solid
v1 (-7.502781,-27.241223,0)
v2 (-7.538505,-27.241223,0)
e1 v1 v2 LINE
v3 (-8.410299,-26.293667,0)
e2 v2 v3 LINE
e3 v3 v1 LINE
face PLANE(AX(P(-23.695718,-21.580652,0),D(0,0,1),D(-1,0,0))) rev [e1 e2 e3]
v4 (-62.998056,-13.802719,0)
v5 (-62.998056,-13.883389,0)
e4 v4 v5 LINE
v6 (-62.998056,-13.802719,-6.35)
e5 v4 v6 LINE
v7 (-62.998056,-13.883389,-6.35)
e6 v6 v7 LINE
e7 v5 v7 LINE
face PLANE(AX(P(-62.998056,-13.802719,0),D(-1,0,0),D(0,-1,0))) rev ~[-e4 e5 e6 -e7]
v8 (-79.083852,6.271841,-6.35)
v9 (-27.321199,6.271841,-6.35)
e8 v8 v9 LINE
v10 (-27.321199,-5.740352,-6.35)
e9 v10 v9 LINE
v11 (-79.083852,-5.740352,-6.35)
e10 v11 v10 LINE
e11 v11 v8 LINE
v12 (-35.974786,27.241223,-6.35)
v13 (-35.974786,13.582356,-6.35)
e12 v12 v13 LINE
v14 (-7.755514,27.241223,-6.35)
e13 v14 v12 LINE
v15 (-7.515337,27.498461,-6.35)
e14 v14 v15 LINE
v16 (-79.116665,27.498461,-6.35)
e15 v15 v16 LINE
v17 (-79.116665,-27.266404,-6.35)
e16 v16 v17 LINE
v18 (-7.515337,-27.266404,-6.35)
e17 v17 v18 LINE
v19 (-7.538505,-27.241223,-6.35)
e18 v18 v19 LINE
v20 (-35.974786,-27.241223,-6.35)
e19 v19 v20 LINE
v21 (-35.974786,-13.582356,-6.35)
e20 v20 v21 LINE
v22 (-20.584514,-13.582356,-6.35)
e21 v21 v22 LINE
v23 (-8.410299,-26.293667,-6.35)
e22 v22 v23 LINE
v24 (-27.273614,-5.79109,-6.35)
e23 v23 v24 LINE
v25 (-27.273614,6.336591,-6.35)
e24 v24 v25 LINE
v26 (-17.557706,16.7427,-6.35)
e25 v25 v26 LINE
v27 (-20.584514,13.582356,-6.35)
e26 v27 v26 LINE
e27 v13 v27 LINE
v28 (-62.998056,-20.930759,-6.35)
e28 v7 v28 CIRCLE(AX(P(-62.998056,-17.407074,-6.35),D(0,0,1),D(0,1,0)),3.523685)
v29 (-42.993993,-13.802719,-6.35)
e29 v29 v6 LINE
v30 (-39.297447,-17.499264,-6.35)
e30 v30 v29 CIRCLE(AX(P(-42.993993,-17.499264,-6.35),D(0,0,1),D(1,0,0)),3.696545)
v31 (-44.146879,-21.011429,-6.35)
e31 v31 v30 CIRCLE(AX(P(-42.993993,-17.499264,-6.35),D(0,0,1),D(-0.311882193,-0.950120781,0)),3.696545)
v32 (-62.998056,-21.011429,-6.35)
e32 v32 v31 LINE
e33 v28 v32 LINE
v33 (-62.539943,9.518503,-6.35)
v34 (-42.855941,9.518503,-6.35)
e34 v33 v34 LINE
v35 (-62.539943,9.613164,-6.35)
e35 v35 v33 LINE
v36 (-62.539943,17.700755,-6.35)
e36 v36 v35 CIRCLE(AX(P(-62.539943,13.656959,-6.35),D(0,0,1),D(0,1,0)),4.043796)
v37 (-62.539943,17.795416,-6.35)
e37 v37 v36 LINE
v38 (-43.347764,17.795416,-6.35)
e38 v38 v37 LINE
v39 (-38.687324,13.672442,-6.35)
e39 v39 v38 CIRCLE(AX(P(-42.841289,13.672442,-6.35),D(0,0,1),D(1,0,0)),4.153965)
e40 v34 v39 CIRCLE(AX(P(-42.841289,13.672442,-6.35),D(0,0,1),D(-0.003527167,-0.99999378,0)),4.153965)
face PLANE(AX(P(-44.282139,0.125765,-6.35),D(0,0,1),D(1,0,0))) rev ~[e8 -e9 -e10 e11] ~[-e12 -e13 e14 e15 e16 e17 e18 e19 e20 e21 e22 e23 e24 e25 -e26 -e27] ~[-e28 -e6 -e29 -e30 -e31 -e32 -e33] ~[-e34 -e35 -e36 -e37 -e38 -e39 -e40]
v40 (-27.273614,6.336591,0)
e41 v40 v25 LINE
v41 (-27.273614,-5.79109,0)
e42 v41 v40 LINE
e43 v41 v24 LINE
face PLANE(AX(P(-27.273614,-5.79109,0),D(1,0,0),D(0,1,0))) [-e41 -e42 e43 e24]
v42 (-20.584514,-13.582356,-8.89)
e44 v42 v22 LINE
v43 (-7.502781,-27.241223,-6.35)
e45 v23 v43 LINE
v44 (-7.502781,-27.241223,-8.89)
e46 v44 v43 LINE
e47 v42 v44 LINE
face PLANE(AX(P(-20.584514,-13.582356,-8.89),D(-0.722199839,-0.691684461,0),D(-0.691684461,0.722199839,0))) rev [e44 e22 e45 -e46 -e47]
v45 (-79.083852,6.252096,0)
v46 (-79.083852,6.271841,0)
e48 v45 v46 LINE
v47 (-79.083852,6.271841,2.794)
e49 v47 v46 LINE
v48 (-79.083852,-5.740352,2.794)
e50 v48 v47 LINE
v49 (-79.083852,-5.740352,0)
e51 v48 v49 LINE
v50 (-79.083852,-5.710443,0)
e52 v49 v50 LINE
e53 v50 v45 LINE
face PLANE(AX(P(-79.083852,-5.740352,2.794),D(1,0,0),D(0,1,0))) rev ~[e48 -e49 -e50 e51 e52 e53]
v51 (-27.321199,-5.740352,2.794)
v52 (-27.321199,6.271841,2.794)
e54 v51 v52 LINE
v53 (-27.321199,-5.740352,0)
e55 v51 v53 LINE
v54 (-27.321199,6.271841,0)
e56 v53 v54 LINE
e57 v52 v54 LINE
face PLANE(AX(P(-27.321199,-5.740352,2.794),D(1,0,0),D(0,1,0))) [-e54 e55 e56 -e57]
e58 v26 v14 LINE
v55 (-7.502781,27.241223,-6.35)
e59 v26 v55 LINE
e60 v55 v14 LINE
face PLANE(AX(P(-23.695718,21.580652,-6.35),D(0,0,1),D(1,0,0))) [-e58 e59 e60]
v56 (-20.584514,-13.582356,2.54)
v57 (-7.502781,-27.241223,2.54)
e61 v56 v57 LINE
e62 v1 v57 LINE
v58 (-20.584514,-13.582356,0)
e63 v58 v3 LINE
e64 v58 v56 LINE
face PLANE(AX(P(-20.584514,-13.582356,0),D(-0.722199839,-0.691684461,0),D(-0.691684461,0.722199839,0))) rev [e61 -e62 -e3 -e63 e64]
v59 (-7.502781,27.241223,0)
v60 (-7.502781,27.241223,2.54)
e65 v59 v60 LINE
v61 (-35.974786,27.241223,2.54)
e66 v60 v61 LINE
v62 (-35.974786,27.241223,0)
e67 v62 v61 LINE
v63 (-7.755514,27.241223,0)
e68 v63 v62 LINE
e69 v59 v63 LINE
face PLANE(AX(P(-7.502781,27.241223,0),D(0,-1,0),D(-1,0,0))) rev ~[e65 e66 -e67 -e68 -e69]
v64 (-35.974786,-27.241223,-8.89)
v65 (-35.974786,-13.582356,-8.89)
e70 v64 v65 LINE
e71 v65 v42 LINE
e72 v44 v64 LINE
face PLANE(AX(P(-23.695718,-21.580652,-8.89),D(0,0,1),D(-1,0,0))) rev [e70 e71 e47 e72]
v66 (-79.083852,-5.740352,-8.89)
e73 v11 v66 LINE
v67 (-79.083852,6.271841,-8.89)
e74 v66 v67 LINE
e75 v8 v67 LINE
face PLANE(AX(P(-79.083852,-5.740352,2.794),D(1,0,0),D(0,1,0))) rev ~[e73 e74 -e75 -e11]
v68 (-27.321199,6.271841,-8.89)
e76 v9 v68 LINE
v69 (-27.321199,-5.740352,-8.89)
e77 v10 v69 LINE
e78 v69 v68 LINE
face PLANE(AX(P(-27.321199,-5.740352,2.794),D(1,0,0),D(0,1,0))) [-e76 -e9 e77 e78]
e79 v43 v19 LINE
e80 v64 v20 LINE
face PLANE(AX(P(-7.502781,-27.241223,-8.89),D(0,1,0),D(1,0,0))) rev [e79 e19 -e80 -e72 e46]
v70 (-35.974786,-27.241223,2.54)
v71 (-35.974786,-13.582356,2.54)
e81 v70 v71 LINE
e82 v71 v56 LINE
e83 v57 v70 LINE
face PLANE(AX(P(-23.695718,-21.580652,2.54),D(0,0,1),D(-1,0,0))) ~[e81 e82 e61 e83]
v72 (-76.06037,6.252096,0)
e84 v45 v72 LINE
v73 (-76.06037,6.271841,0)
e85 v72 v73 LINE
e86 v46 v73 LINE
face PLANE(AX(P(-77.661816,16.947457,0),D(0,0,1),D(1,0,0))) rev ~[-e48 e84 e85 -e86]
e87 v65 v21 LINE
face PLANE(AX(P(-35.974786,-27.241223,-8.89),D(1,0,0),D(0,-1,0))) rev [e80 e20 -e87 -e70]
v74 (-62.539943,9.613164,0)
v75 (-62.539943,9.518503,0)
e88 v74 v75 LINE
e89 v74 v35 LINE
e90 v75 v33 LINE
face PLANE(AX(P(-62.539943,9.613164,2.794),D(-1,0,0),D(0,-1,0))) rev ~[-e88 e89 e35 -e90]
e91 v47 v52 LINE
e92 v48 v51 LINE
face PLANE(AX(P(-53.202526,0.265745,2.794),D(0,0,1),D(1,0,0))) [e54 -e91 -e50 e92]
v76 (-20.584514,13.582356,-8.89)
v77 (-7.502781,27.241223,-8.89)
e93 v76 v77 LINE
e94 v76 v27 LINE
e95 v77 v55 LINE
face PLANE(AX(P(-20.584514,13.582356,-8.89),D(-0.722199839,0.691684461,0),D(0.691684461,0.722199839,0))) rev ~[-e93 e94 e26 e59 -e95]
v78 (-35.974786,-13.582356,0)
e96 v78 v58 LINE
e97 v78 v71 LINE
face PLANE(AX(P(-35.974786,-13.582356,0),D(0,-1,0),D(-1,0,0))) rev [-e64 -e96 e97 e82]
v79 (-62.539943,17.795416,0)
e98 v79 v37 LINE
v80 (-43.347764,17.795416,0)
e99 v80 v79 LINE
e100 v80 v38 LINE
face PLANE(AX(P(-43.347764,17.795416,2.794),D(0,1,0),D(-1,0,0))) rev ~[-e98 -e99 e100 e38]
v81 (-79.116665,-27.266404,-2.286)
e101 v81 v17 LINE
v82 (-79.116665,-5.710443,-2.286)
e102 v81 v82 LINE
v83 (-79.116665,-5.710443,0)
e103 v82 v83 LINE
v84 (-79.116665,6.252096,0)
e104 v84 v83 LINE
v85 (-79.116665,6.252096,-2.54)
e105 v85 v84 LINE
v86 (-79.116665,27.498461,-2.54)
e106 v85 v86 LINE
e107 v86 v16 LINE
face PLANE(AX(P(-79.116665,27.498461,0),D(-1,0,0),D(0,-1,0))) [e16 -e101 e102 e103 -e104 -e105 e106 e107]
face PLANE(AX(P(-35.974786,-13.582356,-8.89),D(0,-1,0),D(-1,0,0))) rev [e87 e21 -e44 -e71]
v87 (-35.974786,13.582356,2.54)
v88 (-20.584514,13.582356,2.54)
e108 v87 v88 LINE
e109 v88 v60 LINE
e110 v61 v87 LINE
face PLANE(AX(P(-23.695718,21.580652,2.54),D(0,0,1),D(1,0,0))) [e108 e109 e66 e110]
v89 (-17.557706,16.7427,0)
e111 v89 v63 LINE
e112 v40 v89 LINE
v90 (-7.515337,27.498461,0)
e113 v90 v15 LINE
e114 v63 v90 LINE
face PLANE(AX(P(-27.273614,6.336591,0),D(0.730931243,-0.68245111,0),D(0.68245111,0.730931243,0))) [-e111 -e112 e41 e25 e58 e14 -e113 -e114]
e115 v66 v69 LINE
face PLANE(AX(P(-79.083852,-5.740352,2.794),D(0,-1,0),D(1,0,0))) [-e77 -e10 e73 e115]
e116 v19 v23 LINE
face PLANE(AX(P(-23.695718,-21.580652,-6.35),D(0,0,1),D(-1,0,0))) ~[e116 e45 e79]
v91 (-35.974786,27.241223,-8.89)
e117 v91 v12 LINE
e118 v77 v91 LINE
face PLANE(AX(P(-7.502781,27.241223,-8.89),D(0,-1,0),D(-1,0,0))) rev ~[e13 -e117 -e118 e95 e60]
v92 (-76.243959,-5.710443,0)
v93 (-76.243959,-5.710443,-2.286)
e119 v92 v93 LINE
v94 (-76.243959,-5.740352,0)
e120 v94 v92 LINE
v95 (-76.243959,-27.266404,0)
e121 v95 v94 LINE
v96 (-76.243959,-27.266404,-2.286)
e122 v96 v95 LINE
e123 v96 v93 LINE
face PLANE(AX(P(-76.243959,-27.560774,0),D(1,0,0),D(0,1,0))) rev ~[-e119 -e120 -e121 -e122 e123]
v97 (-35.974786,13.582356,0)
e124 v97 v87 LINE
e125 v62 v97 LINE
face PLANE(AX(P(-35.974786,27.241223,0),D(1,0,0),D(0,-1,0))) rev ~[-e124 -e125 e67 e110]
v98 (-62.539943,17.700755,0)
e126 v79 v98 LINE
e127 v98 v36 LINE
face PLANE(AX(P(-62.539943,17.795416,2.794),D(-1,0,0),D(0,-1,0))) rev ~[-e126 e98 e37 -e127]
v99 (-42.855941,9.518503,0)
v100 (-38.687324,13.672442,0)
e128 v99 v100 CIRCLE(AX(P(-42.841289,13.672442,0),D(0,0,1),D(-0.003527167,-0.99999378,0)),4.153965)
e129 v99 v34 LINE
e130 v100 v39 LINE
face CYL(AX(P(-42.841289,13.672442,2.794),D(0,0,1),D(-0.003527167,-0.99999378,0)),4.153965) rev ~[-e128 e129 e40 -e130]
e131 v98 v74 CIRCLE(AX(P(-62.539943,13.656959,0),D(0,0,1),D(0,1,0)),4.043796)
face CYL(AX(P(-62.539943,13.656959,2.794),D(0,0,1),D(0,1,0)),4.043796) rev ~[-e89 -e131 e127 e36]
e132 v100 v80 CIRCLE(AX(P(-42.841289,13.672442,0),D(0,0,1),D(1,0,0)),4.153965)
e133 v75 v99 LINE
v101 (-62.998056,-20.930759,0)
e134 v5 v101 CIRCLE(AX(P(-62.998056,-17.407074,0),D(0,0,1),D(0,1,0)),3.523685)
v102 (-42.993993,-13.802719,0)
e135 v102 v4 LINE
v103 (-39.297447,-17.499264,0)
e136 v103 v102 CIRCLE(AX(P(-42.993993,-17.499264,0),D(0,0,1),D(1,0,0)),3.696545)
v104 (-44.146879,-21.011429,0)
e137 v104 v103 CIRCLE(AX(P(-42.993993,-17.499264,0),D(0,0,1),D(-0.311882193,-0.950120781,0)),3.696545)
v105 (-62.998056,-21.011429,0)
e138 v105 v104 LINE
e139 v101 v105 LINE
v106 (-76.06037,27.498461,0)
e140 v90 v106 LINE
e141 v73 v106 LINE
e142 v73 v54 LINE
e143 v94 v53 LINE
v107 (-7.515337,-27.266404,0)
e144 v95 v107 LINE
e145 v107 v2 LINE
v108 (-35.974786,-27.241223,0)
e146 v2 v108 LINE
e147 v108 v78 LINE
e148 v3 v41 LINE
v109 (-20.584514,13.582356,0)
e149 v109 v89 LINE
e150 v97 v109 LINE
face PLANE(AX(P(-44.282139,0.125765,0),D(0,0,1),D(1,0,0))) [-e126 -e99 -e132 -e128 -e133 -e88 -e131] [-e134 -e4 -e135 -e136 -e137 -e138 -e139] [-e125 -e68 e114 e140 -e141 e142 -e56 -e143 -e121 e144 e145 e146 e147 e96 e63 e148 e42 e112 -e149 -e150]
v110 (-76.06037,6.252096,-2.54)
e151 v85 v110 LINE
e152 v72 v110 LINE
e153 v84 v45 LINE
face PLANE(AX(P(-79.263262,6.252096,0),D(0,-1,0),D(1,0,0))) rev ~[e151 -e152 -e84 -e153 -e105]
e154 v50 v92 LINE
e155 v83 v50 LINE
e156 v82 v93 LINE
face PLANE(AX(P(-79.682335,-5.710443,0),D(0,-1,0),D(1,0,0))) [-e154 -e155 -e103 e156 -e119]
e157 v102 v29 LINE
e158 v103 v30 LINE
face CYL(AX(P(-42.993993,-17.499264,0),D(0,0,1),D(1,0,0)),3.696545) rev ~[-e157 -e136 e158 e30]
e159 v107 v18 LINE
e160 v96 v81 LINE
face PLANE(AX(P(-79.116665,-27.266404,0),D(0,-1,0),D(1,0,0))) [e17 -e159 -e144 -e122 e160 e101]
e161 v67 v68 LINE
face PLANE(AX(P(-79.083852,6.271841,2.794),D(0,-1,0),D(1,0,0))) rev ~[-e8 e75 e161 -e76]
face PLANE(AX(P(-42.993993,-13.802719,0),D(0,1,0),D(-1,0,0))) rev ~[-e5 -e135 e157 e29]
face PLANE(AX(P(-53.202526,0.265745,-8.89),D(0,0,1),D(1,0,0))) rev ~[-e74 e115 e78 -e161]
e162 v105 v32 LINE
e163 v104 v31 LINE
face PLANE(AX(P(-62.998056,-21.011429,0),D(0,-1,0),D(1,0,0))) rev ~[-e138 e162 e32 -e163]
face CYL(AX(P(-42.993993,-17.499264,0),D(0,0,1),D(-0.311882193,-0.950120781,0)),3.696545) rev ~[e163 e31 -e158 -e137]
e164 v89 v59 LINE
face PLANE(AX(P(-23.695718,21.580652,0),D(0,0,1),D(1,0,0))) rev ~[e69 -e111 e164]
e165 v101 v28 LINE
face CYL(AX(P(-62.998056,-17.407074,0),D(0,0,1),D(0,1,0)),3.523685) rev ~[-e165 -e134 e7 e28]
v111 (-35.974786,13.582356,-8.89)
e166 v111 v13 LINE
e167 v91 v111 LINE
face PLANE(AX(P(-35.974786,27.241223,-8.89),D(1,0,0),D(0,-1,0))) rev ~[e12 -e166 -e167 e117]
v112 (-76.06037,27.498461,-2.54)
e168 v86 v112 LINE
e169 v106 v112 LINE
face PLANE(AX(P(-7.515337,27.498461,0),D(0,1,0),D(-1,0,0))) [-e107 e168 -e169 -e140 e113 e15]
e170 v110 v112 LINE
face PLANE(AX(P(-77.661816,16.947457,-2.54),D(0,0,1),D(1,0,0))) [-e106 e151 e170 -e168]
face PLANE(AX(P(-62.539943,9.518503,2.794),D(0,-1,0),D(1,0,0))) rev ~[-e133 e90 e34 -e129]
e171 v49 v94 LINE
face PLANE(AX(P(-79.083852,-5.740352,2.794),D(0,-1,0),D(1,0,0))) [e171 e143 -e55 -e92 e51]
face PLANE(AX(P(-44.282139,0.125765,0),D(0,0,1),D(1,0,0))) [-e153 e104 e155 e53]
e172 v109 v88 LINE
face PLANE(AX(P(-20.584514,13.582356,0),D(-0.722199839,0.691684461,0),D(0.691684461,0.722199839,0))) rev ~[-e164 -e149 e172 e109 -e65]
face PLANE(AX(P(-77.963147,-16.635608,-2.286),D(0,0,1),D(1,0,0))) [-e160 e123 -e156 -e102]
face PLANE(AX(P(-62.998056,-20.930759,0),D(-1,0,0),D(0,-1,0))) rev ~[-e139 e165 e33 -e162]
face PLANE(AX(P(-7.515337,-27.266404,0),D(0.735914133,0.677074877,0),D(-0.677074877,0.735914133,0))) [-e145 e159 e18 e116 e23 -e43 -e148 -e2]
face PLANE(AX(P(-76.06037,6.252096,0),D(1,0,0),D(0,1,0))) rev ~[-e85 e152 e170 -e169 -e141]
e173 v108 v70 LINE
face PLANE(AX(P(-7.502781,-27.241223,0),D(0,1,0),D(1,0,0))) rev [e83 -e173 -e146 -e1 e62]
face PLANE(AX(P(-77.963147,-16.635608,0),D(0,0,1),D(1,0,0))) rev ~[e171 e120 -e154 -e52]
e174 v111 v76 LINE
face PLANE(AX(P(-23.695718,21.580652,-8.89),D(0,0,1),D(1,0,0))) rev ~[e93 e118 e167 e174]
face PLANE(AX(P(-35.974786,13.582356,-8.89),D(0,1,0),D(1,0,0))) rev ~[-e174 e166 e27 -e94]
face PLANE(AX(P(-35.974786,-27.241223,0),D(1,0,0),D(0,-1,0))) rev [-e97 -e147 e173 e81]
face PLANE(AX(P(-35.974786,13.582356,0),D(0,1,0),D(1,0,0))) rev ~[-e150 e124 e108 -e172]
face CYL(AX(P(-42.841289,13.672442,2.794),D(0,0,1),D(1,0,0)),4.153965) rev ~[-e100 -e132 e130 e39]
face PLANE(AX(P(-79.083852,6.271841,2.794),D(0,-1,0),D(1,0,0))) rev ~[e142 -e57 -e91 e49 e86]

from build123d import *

# Parameters (mm, degrees)
F1_DEPTH  = 2.54
F4_DEPTH  = 6.35
F8_W      = 51.7626535147
F8_H      = 12.0121920481
F9_DEPTH  = 11.684
F10_W     = 3.2028928399
F10_H     = 21.3907221332
F11_DEPTH = 2.54
F12_W     = 3.4383758903
F12_H     = 21.8503316864
F13_DEPTH = 2.286
F15_DEPTH = 25.4
F17_DEPTH = 25.4


with BuildPart() as f1:
    # F0 (on Top) → F1 (new body)
    with BuildSketch(Plane.XY):
        Polygon((-7.5027812272, 27.2412225604), (-35.9747856855, 27.2412225604), (-35.9747856855, 13.5823562741), (-20.5845143646, 13.5823562741), align=None)
    extrude(amount=F1_DEPTH)


with BuildPart() as f2_1:
    # F2: instance of F1
    add(f1.part.mirror(Plane.XZ))


with BuildPart() as f4:
    # F3 (on Top) → F4 (new body)
    with BuildSketch(Plane.XY):
        Polygon((-27.2736139596, 6.3365907408), (-7.5153368525, 27.4984613061), (-79.1166648269, 27.4984613061), (-79.1166648269, -27.2664036602), (-7.5153368525, -27.2664036602), (-27.2736139596, -5.7910899632), align=None)
    extrude(amount=-F4_DEPTH)


with BuildPart() as f6_1:
    # F6: copy of F1
    add(f1.part.moved(Location((0, 0, -8.89))))


with BuildPart() as f7_1:
    # F7: copy of F2_1
    add(f2_1.part.moved(Location((0, 0, -8.89))))


with BuildPart() as f1_1:
    add(f1.part)

    add(f2_1.part)  # F9 merges F2_1

    add(f4.part)  # F9 merges F4

    add(f6_1.part)  # F9 merges F6_1

    add(f7_1.part)  # F9 merges F7_1
    # F8 (on offset) → F9 (join)
    with BuildSketch(Plane.XY.offset(2.794)):
        with Locations((-53.2025257125, 0.2657445148)):
            Rectangle(F8_W, F8_H)
    extrude(amount=-F9_DEPTH)

    # F10 (on Top) → F11 (cut)
    with BuildSketch(Plane.XY):
        with Locations((-77.6618160307, 16.9474571012)):
            Rectangle(F10_W, F10_H)
    extrude(amount=-F11_DEPTH, mode=Mode.SUBTRACT)

    # F12 (on Top) → F13 (cut)
    with BuildSketch(Plane.XY):
        with Locations((-77.9631473124, -16.6356083937)):
            Rectangle(F12_W, F12_H)
    extrude(amount=-F13_DEPTH, mode=Mode.SUBTRACT)

    # F14 (on offset) → F15 (cut)
    with BuildSketch(Plane.XY.offset(2.794)):
        with BuildLine():
            Line((-42.855940921, 17.7954155952), (-42.855940921, 9.5185028021))
            ThreePointArc((-42.855940921, 9.5185028021), (-39.9091769658, 10.729969596), (-38.6873239795, 13.6724421754))
            ThreePointArc((-38.6873239795, 13.6724421754), (-40.0888769364, 16.7836563698), (-43.3477644342, 17.7954155952))
            Line((-43.3477644342, 17.7954155952), (-42.855940921, 17.7954155952))
        make_face()
        with BuildLine():
            Line((-62.5399425626, 9.5185028021), (-42.855940921, 9.5185028021))
            ThreePointArc((-42.855940921, 9.5185028021), (-46.9879402117, 13.4260434851), (-43.3477644342, 17.7954155952))
            Line((-43.3477644342, 17.7954155952), (-62.5399425626, 17.7954155952))
            Line((-62.5399425626, 17.7954155952), (-62.5399425626, 17.7007548757))
            ThreePointArc((-62.5399425626, 17.7007548757), (-59.6805472176, 16.5163545436), (-58.4961468855, 13.6569591987))
            ThreePointArc((-58.4961468855, 13.6569591987), (-59.6805472176, 10.7975638537), (-62.5399425626, 9.6131635216))
            Line((-62.5399425626, 9.6131635216), (-62.5399425626, 9.5185028021))
        make_face()
        with BuildLine():
            ThreePointArc((-43.3477644342, 17.7954155952), (-46.9879402117, 13.4260434851), (-42.855940921, 9.5185028021))
            Line((-42.855940921, 9.5185028021), (-42.855940921, 17.7954155952))
            Line((-42.855940921, 17.7954155952), (-43.3477644342, 17.7954155952))
        make_face()
        with BuildLine():
            ThreePointArc((-62.5399425626, 17.7007548757), (-66.5837382396, 13.6569591987), (-62.5399425626, 9.6131635216))
            Line((-62.5399425626, 9.6131635216), (-62.5399425626, 17.7007548757))
        make_face()
        with BuildLine():
            Line((-62.5399425626, 17.7007548757), (-62.5399425626, 9.6131635216))
            ThreePointArc((-62.5399425626, 9.6131635216), (-59.6805472176, 10.7975638537), (-58.4961468855, 13.6569591987))
            ThreePointArc((-58.4961468855, 13.6569591987), (-59.6805472176, 16.5163545436), (-62.5399425626, 17.7007548757))
        make_face()
    extrude(amount=-F15_DEPTH, mode=Mode.SUBTRACT)

    # F16 (on Top) → F17 (cut)
    with BuildSketch(Plane.XY):
        with BuildLine():
            ThreePointArc((-44.1468792435, -21.0114289075), (-40.8257271545, -20.4931034722), (-39.2974471919, -17.4992643297))
            ThreePointArc((-39.2974471919, -17.4992643297), (-40.3801402653, -14.8854120279), (-42.9939925671, -13.8027189545))
            Line((-42.9939925671, -13.8027189545), (-42.9939925671, -21.0114289075))
            Line((-42.9939925671, -21.0114289075), (-44.1468792435, -21.0114289075))
        make_face()
        with BuildLine():
            Line((-42.9939925671, -21.0114289075), (-42.9939925671, -13.8027189545))
            ThreePointArc((-42.9939925671, -13.8027189545), (-46.6441517031, -16.9154955469), (-44.1468792435, -21.0114289075))
            Line((-44.1468792435, -21.0114289075), (-42.9939925671, -21.0114289075))
        make_face()
        with BuildLine():
            ThreePointArc((-44.1468792435, -21.0114289075), (-46.6441517031, -16.9154955469), (-42.9939925671, -13.8027189545))
            Line((-42.9939925671, -13.8027189545), (-62.9980564117, -13.8027189545))
            Line((-62.9980564117, -13.8027189545), (-62.9980564117, -13.8833889438))
            ThreePointArc((-62.9980564117, -13.8833889438), (-60.5064348625, -14.9154523818), (-59.4743714246, -17.407073931))
            ThreePointArc((-59.4743714246, -17.407073931), (-60.5064348625, -19.8986954802), (-62.9980564117, -20.9307589182))
            Line((-62.9980564117, -20.9307589182), (-62.9980564117, -21.0114289075))
            Line((-62.9980564117, -21.0114289075), (-44.1468792435, -21.0114289075))
        make_face()
        with BuildLine():
            ThreePointArc((-59.4743714246, -17.407073931), (-60.5064348625, -14.9154523818), (-62.9980564117, -13.8833889438))
            Line((-62.9980564117, -13.8833889438), (-62.9980564117, -20.9307589182))
            ThreePointArc((-62.9980564117, -20.9307589182), (-60.5064348625, -19.8986954802), (-59.4743714246, -17.407073931))
        make_face()
        with BuildLine():
            Line((-62.9980564117, -20.9307589182), (-62.9980564117, -13.8833889438))
            ThreePointArc((-62.9980564117, -13.8833889438), (-66.5217413989, -17.407073931), (-62.9980564117, -20.9307589182))
        make_face()
    extrude(amount=-F17_DEPTH, mode=Mode.SUBTRACT)


solid = f1_1.part
